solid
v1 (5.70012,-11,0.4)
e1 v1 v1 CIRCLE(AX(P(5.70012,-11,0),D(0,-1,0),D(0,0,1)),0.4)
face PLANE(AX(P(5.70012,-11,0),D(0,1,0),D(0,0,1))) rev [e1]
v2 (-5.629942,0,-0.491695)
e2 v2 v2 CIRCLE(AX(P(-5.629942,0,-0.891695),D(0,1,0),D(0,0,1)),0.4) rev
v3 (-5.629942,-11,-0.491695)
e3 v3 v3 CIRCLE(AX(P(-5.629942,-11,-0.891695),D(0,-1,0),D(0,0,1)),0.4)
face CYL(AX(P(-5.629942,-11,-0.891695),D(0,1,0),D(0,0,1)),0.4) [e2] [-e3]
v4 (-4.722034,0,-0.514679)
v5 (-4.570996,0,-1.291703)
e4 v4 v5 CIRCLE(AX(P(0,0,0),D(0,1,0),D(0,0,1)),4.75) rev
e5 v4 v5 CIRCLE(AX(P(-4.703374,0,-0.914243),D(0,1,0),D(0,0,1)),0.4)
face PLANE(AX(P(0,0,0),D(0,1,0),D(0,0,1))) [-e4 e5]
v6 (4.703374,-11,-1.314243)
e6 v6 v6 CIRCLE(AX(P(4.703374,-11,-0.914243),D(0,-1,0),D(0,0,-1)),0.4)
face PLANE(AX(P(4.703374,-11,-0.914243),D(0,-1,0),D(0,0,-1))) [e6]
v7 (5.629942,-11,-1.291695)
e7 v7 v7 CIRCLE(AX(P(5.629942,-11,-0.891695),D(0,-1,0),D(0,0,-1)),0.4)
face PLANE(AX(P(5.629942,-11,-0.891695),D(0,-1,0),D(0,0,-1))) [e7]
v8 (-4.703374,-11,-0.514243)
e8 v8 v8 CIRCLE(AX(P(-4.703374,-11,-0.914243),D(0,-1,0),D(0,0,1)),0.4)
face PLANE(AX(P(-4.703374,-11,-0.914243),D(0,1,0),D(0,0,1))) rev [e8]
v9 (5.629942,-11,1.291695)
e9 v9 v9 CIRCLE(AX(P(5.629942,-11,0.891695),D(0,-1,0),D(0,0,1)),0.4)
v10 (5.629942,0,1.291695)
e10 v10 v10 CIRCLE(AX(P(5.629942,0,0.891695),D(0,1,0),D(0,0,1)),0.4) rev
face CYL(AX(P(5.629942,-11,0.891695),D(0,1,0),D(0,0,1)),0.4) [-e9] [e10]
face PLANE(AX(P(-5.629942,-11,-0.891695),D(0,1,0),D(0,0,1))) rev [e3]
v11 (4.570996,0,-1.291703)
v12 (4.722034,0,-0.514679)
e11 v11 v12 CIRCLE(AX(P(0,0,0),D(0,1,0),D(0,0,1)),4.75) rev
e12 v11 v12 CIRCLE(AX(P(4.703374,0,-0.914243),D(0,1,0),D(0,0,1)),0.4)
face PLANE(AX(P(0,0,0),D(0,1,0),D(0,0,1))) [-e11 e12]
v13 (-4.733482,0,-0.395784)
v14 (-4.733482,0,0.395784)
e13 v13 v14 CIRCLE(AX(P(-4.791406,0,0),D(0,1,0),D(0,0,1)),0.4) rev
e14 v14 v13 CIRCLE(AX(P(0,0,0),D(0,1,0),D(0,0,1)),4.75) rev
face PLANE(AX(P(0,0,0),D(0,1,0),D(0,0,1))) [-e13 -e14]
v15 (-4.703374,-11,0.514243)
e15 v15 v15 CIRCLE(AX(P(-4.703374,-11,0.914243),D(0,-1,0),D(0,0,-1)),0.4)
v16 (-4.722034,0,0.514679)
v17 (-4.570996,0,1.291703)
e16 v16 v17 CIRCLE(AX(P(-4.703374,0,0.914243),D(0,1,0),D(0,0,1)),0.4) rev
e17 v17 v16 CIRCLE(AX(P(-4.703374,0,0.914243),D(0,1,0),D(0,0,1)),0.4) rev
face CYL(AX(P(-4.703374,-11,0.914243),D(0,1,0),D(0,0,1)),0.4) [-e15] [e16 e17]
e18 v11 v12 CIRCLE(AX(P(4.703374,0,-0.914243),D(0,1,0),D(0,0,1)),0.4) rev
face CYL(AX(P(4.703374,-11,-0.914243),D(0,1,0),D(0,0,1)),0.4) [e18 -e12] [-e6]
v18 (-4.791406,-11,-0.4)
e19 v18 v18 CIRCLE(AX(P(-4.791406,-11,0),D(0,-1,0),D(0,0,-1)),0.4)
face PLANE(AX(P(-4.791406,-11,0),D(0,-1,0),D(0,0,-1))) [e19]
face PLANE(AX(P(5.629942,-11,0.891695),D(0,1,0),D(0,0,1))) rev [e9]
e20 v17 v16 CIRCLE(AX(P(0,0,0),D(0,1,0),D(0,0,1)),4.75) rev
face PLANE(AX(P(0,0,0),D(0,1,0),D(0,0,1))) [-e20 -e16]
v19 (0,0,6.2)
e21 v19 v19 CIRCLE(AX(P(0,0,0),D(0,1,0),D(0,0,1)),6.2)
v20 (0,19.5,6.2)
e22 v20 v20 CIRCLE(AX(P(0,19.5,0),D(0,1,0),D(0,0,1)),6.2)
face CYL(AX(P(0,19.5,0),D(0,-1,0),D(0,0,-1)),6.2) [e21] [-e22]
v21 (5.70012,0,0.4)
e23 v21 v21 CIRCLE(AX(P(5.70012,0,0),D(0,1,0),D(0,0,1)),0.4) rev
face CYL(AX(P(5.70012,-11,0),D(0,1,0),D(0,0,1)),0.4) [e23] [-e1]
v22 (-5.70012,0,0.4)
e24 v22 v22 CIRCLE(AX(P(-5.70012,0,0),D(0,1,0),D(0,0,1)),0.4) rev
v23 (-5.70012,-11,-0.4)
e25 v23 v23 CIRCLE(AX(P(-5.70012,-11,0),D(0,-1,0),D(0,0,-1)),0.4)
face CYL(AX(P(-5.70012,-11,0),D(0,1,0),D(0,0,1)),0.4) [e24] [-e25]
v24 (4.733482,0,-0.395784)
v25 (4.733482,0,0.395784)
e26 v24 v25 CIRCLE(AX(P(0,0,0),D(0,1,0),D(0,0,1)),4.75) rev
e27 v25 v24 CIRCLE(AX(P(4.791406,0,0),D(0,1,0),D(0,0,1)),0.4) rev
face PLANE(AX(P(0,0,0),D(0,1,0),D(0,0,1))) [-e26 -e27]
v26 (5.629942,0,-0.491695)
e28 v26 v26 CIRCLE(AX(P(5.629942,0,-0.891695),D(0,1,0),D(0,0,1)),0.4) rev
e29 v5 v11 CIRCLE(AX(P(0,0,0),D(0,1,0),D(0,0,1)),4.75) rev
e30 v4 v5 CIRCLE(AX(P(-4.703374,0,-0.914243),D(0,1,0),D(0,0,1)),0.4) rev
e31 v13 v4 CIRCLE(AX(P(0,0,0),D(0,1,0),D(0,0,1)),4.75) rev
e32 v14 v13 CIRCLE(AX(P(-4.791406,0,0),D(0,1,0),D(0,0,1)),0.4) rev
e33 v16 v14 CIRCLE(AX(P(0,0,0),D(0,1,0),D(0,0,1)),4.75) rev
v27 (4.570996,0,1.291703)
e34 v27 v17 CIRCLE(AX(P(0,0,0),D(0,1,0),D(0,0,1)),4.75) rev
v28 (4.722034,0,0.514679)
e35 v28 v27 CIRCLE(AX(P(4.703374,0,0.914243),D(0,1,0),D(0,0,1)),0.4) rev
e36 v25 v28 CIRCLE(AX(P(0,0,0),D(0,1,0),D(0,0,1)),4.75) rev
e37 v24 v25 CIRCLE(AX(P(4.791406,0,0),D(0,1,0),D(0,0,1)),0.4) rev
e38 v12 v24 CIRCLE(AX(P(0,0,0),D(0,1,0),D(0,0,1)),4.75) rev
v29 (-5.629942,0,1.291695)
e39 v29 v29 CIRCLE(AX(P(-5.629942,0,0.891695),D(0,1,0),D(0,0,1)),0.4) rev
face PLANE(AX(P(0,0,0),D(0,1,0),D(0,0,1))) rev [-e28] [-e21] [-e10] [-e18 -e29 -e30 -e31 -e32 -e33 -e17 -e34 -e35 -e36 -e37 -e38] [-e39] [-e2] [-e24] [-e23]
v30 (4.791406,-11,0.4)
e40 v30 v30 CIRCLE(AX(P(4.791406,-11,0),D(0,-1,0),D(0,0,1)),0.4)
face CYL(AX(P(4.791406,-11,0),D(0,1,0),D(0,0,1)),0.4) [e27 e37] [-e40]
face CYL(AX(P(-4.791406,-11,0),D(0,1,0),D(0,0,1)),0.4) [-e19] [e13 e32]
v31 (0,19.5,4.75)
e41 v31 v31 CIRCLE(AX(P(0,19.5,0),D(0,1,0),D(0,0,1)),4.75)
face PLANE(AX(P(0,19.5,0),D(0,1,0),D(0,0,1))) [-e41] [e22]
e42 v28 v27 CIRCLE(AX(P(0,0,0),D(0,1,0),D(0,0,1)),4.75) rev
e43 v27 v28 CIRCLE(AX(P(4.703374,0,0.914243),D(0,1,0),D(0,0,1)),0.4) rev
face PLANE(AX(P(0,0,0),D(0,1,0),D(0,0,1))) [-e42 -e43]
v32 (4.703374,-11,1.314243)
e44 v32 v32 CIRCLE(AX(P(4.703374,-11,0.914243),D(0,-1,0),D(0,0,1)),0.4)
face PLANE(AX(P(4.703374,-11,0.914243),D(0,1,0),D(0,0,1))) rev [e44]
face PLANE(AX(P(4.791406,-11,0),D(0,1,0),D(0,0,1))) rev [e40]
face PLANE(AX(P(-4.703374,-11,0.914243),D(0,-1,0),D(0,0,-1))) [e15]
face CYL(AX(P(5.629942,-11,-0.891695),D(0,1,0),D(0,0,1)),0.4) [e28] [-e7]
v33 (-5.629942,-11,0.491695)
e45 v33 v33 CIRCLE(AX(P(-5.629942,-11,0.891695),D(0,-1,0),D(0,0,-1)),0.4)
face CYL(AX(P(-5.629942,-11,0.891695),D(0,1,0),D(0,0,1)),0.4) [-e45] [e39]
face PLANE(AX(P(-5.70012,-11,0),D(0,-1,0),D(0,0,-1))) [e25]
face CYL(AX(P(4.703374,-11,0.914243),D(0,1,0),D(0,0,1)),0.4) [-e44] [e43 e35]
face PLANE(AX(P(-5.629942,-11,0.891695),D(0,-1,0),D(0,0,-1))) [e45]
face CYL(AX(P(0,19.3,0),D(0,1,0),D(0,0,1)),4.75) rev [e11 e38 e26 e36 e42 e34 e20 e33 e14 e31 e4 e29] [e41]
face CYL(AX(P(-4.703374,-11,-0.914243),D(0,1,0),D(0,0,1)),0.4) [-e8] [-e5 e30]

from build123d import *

# Parameters (mm, degrees)
SKETCH1_R               = 6.2
BOSS_EXTRUDE1_DEPTH     = 19.5
SKETCH2_R               = 2
BOSS_EXTRUDE2_DEPTH     = 2.8
SKETCH3_R               = 0.4
BOSS_EXTRUDE4_DEPTH     = 3.5
CUT_EXTRUDE1_START      = -0.2
SKETCH4_R               = 4.75
SKETCH4_R_2             = 2
CUT_EXTRUDE1_DEPTH      = 0.2
SKETCH5_R               = 0.4
BOSS_EXTRUDE5_DEPTH     = 11
CUT_EXTRUDE3_DEPTH      = 32.543145056
CUT_EXTRUDE3_DEPTH_BACK = 19.3
SKETCH6_R               = 4.75


with BuildPart() as part:
    # Sketch1 → Boss-Extrude1 (new body)
    with BuildSketch(Plane(origin=(0, 0, 0), x_dir=(1, 0, 0), z_dir=(0, 1, 0))):
        with Locations(Location((0, 0, 0), (0, 0, 270))):
            Circle(SKETCH1_R)
    extrude(amount=BOSS_EXTRUDE1_DEPTH)

    # Sketch2 → Boss-Extrude2 (add)
    with BuildSketch(Plane(origin=(0, 19.5, 0), x_dir=(1, 0, 0), z_dir=(0, 1, 0))):
        with Locations(Location((0, 0, 0), (0, 0, 270))):
            Circle(SKETCH2_R)
    extrude(amount=BOSS_EXTRUDE2_DEPTH)

    # Sketch3 → Boss-Extrude4 (add)
    with BuildSketch(Plane(origin=(0, 22.3, 0), x_dir=(1, 0, 0), z_dir=(0, 1, 0))):
        with Locations(Location((-0.41145274, -0.237271907, 0), (0, 0, 270))):
            Circle(SKETCH3_R)
        with Locations(Location((-0.09128588, 1.346231062, 0), (0, 0, 270))):
            Circle(SKETCH3_R)
        with Locations(Location((0.706061251, 1.146478436, 0), (0, 0, 270))):
            Circle(SKETCH3_R)
        with Locations(Location((1.233716983, 0.516206281, 0), (0, 0, 270))):
            Circle(SKETCH3_R)
        with Locations(Location((1.29013476, -0.30384286, 0), (0, 0, 270))):
            Circle(SKETCH3_R)
        with Locations(Location((0.853764908, -1.000438089, 0), (0, 0, 270))):
            Circle(SKETCH3_R)
        with Locations(Location((0.09128588, -1.307503705, 0), (0, 0, 270))):
            Circle(SKETCH3_R)
        with Locations(Location((-0.706061251, -1.107751078, 0), (0, 0, 270))):
            Circle(SKETCH3_R)
        with Locations(Location((-1.233716983, -0.477478923, 0), (0, 0, 270))):
            Circle(SKETCH3_R)
        with Locations(Location((-1.29013476, 0.342570218, 0), (0, 0, 270))):
            Circle(SKETCH3_R)
        with Locations(Location((-0.853764908, 1.039165447, 0), (0, 0, 270))):
            Circle(SKETCH3_R)
        with Locations(Location((0, 0.516206281, 0), (0, 0, 270))):
            Circle(SKETCH3_R)
        with Locations(Location((0.441742202, -0.237271907, 0), (0, 0, 270))):
            Circle(SKETCH3_R)
    extrude(amount=BOSS_EXTRUDE4_DEPTH)

    # Sketch4 → Cut-Extrude1 (cut)
    with BuildSketch(Plane(origin=(0, 19.5, 0), x_dir=(1, 0, 0), z_dir=(0, 1, 0)).offset(CUT_EXTRUDE1_START)):
        with Locations(Location((0, 0, 0), (0, 0, 270))):
            Circle(SKETCH4_R)
        with Locations(Location((0, 0, 0), (0, 0, 270))):
            Circle(SKETCH4_R_2, mode=Mode.SUBTRACT)
    extrude(amount=CUT_EXTRUDE1_DEPTH, mode=Mode.SUBTRACT)

    # Sketch5 → Boss-Extrude5 (add)
    with BuildSketch(Plane.XZ):
        with Locations(Location((-5.700120356, 0, 0), (0, 0, 90))):
            Circle(SKETCH5_R)
        with Locations(Location((-5.629942415, 0.891695278, 0), (0, 0, 90))):
            Circle(SKETCH5_R)
        with Locations(Location((-4.791405516, 0, 0), (0, 0, 90))):
            Circle(SKETCH5_R)
        with Locations(Location((-4.703373902, 0.914243273, 0), (0, 0, 90))):
            Circle(SKETCH5_R)
        with Locations(Location((-4.703373902, -0.914243273, 0), (0, 0, 90))):
            Circle(SKETCH5_R)
        with Locations(Location((-5.629942415, -0.891695278, 0), (0, 0, 90))):
            Circle(SKETCH5_R)
        with Locations(Location((5.629942415, -0.891695278, 0), (0, 0, 90))):
            Circle(SKETCH5_R)
        with Locations(Location((4.703373902, -0.914243273, 0), (0, 0, 90))):
            Circle(SKETCH5_R)
        with Locations(Location((4.703373902, 0.914243273, 0), (0, 0, 90))):
            Circle(SKETCH5_R)
        with Locations(Location((4.791405516, 0, 0), (0, 0, 90))):
            Circle(SKETCH5_R)
        with Locations(Location((5.629942415, 0.891695278, 0), (0, 0, 90))):
            Circle(SKETCH5_R)
        with Locations(Location((5.700120356, 0, 0), (0, 0, 90))):
            Circle(SKETCH5_R)
    extrude(amount=BOSS_EXTRUDE5_DEPTH)

    # Sketch6 → Cut-Extrude3 (cut, two sides: drawn at the far end of the back side and taken through both)
    with BuildSketch(Plane(origin=(0, 19.3, 0), x_dir=(1, 0, 0), z_dir=(0, 1, 0)).offset(-CUT_EXTRUDE3_DEPTH_BACK)):
        with Locations(Location((0, 0, 0), (0, 0, 270))):
            Circle(SKETCH6_R)
    extrude(amount=CUT_EXTRUDE3_DEPTH + CUT_EXTRUDE3_DEPTH_BACK, mode=Mode.SUBTRACT)


solid = part.part
